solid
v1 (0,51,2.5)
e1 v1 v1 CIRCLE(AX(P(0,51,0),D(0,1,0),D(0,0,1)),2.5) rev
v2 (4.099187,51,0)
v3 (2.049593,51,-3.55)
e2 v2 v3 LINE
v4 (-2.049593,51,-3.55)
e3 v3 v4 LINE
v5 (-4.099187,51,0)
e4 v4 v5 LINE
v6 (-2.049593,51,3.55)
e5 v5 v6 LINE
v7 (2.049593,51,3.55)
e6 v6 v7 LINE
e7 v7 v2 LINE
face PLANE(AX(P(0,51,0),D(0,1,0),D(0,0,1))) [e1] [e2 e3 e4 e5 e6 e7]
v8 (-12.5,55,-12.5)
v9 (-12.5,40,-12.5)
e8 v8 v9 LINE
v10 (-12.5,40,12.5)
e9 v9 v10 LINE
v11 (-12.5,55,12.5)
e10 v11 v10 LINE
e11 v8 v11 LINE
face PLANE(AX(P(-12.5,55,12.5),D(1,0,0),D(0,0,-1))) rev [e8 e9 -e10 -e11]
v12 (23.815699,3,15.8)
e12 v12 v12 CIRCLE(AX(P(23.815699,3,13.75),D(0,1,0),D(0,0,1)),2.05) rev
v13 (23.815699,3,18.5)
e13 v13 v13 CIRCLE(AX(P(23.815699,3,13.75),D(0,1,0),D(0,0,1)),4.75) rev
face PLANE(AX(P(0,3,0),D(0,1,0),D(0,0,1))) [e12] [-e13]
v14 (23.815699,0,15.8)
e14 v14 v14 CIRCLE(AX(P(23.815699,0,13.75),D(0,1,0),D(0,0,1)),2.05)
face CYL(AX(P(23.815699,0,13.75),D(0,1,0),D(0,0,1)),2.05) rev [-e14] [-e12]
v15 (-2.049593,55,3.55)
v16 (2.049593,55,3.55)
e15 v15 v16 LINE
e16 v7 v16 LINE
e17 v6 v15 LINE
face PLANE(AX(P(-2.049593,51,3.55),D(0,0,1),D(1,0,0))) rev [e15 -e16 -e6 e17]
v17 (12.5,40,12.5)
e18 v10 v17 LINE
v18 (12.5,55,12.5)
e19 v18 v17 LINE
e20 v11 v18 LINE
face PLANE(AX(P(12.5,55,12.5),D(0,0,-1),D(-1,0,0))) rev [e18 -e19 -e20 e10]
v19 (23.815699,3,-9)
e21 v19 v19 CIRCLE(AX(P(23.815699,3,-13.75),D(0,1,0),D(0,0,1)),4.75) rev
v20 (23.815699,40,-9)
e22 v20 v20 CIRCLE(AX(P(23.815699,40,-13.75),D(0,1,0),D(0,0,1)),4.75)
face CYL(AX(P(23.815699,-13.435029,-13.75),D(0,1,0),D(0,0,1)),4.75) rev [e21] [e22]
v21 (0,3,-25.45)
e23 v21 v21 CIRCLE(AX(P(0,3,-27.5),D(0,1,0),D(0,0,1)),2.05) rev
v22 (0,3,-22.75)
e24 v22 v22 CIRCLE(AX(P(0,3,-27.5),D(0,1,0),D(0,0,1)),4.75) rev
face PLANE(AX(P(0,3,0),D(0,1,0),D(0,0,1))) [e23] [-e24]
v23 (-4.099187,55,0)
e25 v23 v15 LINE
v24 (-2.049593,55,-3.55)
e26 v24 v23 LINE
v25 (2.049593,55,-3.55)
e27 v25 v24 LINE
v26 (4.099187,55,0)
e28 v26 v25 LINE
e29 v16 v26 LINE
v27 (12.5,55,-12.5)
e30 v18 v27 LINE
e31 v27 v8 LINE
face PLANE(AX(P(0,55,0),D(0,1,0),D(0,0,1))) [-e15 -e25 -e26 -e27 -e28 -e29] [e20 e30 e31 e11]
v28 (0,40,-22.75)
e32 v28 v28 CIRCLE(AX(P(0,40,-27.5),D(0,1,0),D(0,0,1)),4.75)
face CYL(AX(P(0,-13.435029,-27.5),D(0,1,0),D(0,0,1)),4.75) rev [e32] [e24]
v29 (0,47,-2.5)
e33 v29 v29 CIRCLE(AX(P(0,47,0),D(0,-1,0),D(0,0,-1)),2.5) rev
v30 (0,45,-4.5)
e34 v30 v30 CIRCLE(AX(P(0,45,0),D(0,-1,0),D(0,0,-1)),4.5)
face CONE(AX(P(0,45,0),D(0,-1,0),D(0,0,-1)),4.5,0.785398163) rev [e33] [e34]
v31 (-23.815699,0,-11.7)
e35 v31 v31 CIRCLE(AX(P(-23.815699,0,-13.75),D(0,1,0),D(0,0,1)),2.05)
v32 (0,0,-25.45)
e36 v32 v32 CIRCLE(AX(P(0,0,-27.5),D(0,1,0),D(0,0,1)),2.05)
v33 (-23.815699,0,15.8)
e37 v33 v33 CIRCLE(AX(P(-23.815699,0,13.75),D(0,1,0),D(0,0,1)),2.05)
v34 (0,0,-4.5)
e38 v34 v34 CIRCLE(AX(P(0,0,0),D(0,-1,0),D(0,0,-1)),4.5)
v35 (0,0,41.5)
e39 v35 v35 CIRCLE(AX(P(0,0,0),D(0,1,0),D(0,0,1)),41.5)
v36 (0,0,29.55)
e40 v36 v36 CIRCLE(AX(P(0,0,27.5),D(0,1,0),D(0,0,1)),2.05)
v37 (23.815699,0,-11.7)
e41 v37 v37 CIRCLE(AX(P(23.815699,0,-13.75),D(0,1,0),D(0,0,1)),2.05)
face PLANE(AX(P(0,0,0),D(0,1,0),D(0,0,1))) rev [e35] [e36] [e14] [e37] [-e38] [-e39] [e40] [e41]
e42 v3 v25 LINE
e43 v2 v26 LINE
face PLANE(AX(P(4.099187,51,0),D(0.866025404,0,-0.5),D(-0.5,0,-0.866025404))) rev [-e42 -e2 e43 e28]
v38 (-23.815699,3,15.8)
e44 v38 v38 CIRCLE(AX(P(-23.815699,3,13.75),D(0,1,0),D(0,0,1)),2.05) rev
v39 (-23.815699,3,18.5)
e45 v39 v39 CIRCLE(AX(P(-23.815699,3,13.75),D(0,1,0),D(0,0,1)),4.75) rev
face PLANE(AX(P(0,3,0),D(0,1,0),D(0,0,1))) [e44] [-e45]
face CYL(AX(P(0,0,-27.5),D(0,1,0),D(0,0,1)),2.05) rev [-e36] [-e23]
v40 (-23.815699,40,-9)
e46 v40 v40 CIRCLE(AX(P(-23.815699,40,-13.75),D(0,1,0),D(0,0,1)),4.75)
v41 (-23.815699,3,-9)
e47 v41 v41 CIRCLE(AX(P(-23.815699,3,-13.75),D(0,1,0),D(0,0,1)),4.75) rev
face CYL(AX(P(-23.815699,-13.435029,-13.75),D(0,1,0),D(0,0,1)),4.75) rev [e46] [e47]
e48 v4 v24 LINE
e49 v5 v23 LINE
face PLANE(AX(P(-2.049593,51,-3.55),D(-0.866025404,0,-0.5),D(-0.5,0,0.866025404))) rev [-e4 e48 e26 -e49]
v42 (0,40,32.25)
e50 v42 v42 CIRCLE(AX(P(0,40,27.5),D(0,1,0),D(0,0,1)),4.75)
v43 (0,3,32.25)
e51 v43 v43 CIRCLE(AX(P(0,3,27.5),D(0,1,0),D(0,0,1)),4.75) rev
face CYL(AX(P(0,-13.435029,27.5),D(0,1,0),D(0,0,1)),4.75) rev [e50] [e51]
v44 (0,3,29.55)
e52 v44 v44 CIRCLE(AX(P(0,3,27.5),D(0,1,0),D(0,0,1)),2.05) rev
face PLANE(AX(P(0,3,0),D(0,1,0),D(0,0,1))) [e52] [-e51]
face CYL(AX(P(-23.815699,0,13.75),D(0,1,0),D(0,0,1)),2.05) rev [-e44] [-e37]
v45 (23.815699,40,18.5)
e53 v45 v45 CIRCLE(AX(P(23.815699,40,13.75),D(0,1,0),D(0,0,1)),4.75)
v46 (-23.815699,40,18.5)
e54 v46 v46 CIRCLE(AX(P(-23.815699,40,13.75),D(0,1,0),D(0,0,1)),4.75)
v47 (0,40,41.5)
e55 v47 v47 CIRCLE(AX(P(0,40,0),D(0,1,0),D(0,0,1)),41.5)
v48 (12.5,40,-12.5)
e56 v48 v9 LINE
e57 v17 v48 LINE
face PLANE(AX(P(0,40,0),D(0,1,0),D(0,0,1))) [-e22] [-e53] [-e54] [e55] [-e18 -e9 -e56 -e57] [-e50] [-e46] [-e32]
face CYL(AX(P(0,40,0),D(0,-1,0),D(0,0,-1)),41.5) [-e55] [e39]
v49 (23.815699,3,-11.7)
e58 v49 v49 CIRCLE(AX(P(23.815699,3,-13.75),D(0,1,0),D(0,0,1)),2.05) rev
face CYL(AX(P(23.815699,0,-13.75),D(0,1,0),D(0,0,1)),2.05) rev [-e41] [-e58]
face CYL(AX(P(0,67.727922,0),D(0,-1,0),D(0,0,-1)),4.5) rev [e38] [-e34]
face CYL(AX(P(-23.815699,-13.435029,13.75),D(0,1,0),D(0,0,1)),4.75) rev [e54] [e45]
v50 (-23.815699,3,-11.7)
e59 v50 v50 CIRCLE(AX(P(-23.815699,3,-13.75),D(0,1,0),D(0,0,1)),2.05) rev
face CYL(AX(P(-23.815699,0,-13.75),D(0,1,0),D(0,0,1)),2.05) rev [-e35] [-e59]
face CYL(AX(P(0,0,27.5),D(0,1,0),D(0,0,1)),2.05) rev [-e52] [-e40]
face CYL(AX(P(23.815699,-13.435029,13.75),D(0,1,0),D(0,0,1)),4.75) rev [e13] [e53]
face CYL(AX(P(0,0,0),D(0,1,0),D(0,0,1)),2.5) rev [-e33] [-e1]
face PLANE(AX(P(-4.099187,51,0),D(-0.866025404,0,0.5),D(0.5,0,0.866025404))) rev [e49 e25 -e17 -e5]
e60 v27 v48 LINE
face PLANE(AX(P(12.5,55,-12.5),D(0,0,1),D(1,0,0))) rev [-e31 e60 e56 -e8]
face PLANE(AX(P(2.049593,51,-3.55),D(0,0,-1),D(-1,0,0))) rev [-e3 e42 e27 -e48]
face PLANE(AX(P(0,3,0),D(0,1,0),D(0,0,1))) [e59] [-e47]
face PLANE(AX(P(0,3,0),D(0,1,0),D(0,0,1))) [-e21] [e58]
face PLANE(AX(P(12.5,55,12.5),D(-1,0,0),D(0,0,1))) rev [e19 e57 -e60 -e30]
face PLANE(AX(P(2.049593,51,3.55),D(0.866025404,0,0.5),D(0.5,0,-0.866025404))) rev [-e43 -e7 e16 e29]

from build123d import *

# Parameters (mm, degrees)
SKETCH1_R             = 41.5
MAIN_PLATE_DEPTH      = 40
SKETCH2_R             = 2.05
CUT_EXTRUDE_G27_DEPTH = 72.024643611
SKETCH5_R             = 4.75
G27_SCREW_HEADS_DEPTH = 37
SKETCH6_W             = 25
SKETCH6_H             = 25
BOSS_EXTRUDE1_DEPTH   = 15
SKETCH8_R             = 4.5
CUT_EXTRUDE1_DEPTH    = 45
SKETCH10_R            = 2.5
CUT_EXTRUDE3_DEPTH    = 81.4332021
CUT_EXTRUDE4_DEPTH    = 4


with BuildPart() as part:
    # Sketch1 → Main Plate (new body)
    with BuildSketch(Plane(origin=(0, 0, 0), x_dir=(1, 0, 0), z_dir=(0, 1, 0))):
        with Locations(Location((0, 0, 0), (0, 0, 270))):
            Circle(SKETCH1_R)
    extrude(amount=MAIN_PLATE_DEPTH)

    # Sketch2 → Cut-Extrude G27 (cut, through all)
    with BuildSketch(Plane(origin=(0, 40, 0), x_dir=(1, 0, 0), z_dir=(0, 1, 0))):
        with Locations(Location((0, 27.5, 0), (0, 0, 270))):
            Circle(SKETCH2_R)
        with Locations(Location((23.815698604, 13.75, 0), (0, 0, 270))):
            Circle(SKETCH2_R)
        with Locations(Location((23.815698604, -13.75, 0), (0, 0, 270))):
            Circle(SKETCH2_R)
        with Locations(Location((0, -27.5, 0), (0, 0, 270))):
            Circle(SKETCH2_R)
        with Locations(Location((-23.815698604, -13.75, 0), (0, 0, 270))):
            Circle(SKETCH2_R)
        with Locations(Location((-23.815698604, 13.75, 0), (0, 0, 270))):
            Circle(SKETCH2_R)
    extrude(amount=-CUT_EXTRUDE_G27_DEPTH, mode=Mode.SUBTRACT)

    # Sketch5 → G27 Screw Heads (cut)
    with BuildSketch(Plane(origin=(0, 40, 0), x_dir=(1, 0, 0), z_dir=(0, 1, 0))):
        with Locations(Location((0, 27.5, 0), (0, 0, 270))):
            Circle(SKETCH5_R)
        with Locations(Location((23.815698604, 13.75, 0), (0, 0, 270))):
            Circle(SKETCH5_R)
        with Locations(Location((23.815698604, -13.75, 0), (0, 0, 270))):
            Circle(SKETCH5_R)
        with Locations(Location((0, -27.5, 0), (0, 0, 270))):
            Circle(SKETCH5_R)
        with Locations(Location((-23.815698604, -13.75, 0), (0, 0, 270))):
            Circle(SKETCH5_R)
        with Locations(Location((-23.815698604, 13.75, 0), (0, 0, 270))):
            Circle(SKETCH5_R)
    extrude(amount=-G27_SCREW_HEADS_DEPTH, mode=Mode.SUBTRACT)

    # Sketch6 → Boss-Extrude1 (add)
    with BuildSketch(Plane(origin=(0, 40, 0), x_dir=(1, 0, 0), z_dir=(0, 1, 0))):
        Rectangle(SKETCH6_W, SKETCH6_H)
    extrude(amount=BOSS_EXTRUDE1_DEPTH)

    # Sketch8 → Cut-Extrude1 (cut)
    with BuildSketch(Plane.XZ):
        with Locations(Location((0, 0, 0), (0, 0, 270))):
            Circle(SKETCH8_R)
    extrude(amount=-CUT_EXTRUDE1_DEPTH, mode=Mode.SUBTRACT)

    # Cut-Extrude2 cone 1 section (through the dimple's axis) → Cut-Extrude2 (revolve, cut)
    with BuildSketch(Plane(origin=(0, 45, 0), x_dir=(0, 0, -1), z_dir=(1, 0, 0))):
        Polygon((0, 0), (4.5, 0), (0, 4.5), align=None)
    revolve(axis=Axis((0, 45, 0), (0, 1, 0)), mode=Mode.SUBTRACT)

    # Sketch10 → Cut-Extrude3 (cut, through all)
    with BuildSketch(Plane(origin=(0, 55, 0), x_dir=(1, 0, 0), z_dir=(0, 1, 0))):
        with Locations(Location((0, 0, 0), (0, 0, 270))):
            Circle(SKETCH10_R)
    extrude(amount=-CUT_EXTRUDE3_DEPTH, mode=Mode.SUBTRACT)

    # Sketch11 → Cut-Extrude4 (cut)
    with BuildSketch(Plane(origin=(0, 55, 0), x_dir=(1, 0, 0), z_dir=(0, 1, 0))):
        Polygon((-4.099186911, 0), (-2.049593456, -3.55), (2.049593456, -3.55), (4.099186911, 0), (2.049593456, 3.55), (-2.049593456, 3.55), align=None)
    extrude(amount=-CUT_EXTRUDE4_DEPTH, mode=Mode.SUBTRACT)


solid = part.part
